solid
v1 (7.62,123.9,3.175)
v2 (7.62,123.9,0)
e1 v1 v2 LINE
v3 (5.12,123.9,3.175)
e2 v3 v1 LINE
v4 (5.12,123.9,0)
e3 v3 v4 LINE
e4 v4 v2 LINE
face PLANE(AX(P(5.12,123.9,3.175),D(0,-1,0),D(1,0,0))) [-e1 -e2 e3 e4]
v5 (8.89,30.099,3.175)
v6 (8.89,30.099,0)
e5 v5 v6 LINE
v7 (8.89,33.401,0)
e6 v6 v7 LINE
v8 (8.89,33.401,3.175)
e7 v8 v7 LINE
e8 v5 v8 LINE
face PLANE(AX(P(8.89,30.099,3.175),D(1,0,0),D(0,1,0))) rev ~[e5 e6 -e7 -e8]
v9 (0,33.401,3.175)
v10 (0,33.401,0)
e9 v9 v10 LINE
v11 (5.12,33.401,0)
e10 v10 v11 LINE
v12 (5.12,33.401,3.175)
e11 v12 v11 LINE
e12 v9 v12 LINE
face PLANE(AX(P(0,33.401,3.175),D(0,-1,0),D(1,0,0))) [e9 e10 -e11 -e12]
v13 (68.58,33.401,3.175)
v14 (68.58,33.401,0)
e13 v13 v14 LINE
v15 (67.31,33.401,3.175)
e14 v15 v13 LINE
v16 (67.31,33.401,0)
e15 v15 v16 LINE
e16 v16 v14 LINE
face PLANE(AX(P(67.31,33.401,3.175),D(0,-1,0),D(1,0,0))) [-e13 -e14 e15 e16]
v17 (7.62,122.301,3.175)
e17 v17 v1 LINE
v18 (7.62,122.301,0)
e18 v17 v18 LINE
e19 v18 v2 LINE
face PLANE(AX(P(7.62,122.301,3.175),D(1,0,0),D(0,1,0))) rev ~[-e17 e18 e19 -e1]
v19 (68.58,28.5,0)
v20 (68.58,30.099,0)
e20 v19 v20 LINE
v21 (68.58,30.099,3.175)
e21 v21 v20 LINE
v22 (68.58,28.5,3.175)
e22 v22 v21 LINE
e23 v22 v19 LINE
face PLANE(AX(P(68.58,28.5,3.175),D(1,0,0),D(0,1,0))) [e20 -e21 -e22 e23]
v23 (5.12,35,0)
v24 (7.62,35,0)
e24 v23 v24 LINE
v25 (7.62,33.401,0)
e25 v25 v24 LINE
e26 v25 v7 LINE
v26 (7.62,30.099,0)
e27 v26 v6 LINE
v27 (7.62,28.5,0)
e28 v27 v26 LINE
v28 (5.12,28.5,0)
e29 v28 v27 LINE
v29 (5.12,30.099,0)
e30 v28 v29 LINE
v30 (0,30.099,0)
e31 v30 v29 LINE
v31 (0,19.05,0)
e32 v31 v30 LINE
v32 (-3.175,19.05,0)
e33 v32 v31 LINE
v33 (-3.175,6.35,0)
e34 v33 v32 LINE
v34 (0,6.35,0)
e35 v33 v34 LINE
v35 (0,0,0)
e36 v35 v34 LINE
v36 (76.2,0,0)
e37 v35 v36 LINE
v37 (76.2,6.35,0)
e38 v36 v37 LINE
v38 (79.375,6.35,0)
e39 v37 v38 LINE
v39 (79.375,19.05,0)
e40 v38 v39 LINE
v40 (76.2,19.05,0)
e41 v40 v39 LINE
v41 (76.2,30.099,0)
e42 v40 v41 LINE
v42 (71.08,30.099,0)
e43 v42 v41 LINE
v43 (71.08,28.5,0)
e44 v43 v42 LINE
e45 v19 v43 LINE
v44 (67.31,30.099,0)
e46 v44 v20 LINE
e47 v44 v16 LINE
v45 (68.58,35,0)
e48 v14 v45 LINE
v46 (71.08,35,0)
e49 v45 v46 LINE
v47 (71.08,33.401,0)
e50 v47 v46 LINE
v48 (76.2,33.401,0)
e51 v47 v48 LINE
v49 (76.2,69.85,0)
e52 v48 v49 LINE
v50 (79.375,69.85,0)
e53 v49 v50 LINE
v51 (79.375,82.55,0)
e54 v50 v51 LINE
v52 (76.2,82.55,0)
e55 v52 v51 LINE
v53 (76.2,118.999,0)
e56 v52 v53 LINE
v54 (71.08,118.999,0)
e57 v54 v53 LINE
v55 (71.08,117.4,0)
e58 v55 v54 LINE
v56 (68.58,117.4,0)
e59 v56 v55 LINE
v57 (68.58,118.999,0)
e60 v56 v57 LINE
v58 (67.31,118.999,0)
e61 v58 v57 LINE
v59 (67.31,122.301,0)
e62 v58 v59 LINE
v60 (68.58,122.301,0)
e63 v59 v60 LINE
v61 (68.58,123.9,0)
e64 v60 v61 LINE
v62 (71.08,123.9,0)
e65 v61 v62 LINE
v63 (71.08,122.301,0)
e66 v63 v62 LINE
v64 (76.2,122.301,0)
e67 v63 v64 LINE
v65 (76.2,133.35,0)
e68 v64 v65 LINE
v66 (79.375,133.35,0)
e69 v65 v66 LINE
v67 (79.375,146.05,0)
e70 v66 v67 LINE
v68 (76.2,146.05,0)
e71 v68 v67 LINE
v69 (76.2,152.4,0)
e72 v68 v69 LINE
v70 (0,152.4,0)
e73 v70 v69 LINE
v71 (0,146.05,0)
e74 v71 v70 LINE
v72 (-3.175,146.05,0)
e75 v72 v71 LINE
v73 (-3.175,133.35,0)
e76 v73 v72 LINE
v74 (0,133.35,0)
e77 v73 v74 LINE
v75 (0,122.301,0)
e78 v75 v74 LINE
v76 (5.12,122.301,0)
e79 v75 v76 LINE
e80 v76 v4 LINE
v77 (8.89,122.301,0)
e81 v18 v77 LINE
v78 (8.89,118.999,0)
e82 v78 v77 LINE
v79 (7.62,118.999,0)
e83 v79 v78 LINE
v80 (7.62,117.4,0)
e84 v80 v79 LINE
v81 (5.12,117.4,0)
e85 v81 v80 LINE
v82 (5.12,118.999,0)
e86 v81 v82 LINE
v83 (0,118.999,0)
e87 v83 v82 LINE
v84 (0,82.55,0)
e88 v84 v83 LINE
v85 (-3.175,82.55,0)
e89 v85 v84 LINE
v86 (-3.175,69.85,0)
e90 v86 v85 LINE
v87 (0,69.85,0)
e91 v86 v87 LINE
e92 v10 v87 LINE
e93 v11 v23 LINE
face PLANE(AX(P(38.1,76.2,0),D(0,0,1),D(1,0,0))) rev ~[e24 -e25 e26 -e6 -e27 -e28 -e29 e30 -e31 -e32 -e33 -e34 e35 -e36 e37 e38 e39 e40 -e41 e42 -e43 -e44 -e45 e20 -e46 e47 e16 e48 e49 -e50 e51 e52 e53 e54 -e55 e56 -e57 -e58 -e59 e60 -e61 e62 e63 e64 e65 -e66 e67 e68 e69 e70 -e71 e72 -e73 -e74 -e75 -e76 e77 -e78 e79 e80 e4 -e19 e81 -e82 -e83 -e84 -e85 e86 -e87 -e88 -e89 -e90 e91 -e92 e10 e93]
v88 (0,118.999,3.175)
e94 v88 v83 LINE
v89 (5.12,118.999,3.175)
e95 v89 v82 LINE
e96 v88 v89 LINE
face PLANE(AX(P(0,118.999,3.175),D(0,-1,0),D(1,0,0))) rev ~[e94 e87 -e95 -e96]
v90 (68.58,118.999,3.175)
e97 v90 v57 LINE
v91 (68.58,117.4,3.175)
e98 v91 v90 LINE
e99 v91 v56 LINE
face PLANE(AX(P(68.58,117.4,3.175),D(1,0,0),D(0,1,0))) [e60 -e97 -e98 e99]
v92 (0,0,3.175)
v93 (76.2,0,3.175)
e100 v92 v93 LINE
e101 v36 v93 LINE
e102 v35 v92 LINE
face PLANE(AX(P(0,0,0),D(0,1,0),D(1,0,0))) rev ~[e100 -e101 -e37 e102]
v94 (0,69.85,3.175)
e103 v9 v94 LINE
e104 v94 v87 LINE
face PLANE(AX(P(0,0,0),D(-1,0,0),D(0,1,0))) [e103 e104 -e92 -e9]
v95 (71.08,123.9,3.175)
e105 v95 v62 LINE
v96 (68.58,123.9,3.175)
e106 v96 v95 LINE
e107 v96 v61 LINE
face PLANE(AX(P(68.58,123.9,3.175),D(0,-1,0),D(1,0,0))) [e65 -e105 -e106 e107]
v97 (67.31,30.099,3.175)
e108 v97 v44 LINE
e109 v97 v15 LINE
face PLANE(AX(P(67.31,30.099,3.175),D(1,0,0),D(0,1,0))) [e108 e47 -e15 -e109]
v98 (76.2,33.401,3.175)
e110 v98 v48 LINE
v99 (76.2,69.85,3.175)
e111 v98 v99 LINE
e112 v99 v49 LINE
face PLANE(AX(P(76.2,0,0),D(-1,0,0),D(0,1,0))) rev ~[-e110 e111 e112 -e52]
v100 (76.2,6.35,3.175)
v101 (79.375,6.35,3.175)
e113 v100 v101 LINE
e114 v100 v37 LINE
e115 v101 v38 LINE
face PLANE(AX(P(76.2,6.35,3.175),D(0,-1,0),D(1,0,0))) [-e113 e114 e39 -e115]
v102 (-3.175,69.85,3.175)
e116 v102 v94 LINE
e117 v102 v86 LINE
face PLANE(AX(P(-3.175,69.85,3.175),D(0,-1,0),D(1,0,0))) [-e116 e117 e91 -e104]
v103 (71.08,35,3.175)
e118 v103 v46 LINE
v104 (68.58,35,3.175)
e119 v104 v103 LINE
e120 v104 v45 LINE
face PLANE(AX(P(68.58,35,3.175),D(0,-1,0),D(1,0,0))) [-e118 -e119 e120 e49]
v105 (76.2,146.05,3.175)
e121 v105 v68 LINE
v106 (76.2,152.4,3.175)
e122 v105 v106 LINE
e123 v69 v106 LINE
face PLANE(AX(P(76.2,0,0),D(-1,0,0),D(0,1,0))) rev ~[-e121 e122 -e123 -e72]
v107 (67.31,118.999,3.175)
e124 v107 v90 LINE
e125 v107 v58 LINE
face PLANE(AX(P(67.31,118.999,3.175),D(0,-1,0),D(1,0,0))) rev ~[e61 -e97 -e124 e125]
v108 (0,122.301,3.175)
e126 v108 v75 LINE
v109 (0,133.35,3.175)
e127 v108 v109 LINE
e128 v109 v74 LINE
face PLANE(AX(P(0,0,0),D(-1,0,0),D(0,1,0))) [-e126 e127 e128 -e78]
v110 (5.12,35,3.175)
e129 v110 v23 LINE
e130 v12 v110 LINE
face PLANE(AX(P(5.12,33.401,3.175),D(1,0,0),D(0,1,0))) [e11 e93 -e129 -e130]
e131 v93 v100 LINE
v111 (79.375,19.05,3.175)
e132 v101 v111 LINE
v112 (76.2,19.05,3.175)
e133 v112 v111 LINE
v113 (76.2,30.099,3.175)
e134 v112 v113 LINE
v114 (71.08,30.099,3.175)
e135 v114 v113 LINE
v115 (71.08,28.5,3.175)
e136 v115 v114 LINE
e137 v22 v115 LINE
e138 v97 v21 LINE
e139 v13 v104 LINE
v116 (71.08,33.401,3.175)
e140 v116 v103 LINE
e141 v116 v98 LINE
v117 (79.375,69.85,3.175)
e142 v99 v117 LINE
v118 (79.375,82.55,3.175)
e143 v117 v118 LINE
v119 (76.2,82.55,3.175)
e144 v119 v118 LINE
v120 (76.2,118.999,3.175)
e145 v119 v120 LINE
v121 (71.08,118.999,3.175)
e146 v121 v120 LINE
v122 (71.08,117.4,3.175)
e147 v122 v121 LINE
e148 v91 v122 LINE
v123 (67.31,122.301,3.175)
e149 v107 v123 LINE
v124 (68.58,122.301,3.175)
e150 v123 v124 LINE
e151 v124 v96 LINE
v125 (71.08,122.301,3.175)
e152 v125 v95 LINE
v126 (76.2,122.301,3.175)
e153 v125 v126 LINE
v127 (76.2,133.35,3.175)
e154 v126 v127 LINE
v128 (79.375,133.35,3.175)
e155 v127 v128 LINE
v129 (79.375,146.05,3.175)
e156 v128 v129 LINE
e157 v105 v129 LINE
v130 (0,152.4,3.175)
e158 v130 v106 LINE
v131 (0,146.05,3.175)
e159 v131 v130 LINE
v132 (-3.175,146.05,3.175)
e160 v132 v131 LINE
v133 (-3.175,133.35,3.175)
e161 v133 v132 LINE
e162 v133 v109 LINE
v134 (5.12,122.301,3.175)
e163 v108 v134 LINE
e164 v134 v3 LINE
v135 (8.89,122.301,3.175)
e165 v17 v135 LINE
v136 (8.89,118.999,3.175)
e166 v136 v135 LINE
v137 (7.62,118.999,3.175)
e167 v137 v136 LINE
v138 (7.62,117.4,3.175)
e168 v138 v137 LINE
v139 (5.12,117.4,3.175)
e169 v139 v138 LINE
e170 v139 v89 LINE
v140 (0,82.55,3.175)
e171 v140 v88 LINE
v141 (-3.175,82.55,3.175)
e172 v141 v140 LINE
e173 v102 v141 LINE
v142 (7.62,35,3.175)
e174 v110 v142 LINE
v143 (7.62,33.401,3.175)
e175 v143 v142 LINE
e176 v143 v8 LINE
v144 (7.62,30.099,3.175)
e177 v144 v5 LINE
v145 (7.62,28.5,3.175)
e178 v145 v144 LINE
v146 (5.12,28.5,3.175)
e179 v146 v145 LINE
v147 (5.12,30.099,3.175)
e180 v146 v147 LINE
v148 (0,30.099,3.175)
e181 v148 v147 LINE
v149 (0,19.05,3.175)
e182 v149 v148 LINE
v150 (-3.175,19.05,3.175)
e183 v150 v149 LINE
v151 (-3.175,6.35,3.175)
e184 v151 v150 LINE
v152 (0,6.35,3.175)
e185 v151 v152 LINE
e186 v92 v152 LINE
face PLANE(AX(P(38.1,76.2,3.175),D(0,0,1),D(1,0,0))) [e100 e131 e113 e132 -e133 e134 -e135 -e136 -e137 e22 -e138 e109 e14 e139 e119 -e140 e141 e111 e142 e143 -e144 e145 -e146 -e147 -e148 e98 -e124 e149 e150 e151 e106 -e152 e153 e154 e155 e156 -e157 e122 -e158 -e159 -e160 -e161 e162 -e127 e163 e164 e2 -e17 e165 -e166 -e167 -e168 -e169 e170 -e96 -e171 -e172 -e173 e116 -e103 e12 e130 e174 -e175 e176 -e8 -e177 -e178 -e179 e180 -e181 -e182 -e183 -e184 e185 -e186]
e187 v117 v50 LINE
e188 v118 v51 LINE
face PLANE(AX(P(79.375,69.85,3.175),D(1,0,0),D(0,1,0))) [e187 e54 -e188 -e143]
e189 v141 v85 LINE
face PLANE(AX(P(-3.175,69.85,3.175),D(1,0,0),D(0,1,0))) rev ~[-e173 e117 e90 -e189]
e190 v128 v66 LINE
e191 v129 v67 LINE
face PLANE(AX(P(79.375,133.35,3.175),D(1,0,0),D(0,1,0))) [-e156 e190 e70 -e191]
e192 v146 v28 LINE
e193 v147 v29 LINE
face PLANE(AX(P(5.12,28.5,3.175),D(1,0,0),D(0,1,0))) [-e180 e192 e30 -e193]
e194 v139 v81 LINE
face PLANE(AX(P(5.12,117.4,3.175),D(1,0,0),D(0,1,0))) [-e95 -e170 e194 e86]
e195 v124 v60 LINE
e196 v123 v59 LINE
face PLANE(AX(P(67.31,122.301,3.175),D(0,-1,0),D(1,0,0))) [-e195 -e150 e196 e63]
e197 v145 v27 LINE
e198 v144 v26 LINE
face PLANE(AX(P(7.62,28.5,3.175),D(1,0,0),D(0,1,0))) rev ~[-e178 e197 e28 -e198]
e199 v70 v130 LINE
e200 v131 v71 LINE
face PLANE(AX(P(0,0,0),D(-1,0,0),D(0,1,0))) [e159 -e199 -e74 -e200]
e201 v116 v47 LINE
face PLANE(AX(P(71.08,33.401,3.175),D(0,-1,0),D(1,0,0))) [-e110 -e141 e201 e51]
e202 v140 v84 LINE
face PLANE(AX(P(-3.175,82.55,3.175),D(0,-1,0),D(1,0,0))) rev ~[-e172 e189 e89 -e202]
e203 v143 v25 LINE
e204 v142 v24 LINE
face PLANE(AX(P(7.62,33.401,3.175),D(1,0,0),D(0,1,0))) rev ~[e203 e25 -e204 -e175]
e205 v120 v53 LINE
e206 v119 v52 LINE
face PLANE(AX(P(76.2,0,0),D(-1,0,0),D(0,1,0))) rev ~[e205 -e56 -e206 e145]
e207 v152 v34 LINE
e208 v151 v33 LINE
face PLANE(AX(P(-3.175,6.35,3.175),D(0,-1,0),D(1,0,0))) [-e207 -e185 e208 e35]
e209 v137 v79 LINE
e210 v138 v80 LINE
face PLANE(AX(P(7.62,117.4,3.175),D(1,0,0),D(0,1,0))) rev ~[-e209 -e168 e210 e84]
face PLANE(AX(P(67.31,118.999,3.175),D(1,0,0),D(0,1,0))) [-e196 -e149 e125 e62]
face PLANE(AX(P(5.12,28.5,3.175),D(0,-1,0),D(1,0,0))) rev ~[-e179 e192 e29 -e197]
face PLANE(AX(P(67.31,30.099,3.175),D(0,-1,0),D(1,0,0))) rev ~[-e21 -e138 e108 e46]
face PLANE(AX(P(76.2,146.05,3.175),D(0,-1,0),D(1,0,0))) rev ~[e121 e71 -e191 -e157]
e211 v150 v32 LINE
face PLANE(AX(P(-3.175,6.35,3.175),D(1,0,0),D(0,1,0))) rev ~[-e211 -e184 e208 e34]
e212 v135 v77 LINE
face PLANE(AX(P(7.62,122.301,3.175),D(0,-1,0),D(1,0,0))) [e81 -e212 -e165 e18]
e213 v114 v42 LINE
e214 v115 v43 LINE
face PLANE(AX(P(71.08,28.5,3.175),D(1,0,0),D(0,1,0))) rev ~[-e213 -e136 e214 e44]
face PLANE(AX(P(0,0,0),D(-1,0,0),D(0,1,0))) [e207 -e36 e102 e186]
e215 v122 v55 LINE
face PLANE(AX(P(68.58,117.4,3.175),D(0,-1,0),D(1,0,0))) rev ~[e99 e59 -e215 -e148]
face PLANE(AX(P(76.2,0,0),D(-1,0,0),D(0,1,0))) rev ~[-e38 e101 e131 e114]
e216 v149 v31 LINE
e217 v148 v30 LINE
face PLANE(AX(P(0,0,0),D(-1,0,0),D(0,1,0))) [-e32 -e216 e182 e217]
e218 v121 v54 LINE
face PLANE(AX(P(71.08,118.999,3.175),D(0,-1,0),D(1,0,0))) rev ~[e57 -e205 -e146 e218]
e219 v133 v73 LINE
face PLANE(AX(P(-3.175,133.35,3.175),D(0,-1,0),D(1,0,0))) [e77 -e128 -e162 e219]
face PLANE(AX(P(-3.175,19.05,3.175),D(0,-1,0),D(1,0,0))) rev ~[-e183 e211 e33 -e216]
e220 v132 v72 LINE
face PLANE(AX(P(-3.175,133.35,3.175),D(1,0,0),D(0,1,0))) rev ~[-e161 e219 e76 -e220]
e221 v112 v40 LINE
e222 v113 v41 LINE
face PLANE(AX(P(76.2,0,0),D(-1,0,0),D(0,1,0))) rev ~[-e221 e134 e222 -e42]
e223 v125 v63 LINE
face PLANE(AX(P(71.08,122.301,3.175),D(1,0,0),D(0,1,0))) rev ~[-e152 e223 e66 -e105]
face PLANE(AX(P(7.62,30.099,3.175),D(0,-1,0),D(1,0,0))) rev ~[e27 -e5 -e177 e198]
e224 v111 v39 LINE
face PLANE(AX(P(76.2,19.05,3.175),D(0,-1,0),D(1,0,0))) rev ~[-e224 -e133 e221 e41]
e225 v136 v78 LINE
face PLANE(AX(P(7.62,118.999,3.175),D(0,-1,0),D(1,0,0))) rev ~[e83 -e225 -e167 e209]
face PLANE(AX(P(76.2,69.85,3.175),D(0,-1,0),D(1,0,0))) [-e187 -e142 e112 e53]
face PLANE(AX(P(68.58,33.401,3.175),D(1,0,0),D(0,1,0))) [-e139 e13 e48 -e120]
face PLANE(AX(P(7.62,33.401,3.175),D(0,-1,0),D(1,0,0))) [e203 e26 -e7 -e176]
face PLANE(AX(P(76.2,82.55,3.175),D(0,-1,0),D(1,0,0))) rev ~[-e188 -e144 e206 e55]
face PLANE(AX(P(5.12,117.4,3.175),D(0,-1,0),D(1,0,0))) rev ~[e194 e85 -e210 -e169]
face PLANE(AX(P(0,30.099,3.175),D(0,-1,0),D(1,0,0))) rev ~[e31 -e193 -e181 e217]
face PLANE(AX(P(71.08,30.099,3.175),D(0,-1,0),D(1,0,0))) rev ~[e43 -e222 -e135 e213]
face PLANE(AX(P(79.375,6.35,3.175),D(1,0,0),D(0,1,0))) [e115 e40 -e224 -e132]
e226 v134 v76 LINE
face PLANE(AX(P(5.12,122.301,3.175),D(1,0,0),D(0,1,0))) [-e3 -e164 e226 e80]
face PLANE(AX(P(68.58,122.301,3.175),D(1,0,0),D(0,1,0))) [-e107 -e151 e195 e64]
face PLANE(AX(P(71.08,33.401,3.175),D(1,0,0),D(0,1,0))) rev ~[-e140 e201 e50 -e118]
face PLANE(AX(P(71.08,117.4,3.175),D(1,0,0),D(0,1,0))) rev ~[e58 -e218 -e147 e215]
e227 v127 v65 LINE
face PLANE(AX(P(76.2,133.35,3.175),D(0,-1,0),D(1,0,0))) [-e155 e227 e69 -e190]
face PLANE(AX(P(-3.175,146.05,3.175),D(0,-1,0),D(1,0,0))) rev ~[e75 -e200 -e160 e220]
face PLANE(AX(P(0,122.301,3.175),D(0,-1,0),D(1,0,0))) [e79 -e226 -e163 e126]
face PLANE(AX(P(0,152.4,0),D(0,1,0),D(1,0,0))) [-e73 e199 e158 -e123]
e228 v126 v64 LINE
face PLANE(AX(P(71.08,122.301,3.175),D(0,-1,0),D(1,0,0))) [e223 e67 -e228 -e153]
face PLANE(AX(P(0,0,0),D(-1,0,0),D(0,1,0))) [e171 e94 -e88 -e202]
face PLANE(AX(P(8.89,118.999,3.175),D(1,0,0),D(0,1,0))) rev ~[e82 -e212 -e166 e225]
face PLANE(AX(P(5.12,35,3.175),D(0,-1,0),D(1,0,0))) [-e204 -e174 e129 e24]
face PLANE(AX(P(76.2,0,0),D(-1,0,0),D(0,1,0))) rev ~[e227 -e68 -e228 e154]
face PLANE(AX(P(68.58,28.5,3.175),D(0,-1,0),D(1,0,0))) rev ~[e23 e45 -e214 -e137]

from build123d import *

# Parameters (mm, degrees)
SKETCH1_W           = 76.2
SKETCH1_H           = 152.4
BOSS_EXTRUDE1_DEPTH = 3.175
SKETCH2_W           = 3.175
SKETCH2_H           = 12.7
BOSS_EXTRUDE3_DEPTH = 3.175
SKETCH4_W           = 8.89
SKETCH4_H           = 3.302
SKETCH4_W_2         = 2.5
SKETCH4_H_2         = 6.5
CUT_EXTRUDE4_DEPTH  = 3.175


with BuildPart() as part:
    # Sketch1 → Boss-Extrude1 (new body)
    with BuildSketch(Plane.XY):
        with Locations((38.1, 76.2)):
            Rectangle(SKETCH1_W, SKETCH1_H)
    extrude(amount=BOSS_EXTRUDE1_DEPTH)

    # Sketch2 → Boss-Extrude3 (add)
    with BuildSketch(Plane.XY.offset(3.175)):
        with Locations((-1.5875, 76.2)):
            Rectangle(SKETCH2_W, SKETCH2_H)
        with Locations((77.7875, 139.7)):
            Rectangle(SKETCH2_W, SKETCH2_H)
        with Locations((77.7875, 76.2)):
            Rectangle(SKETCH2_W, SKETCH2_H)
        with Locations((77.7875, 12.7)):
            Rectangle(SKETCH2_W, SKETCH2_H)
        with Locations((-1.5875, 12.7)):
            Rectangle(SKETCH2_W, SKETCH2_H)
        with Locations((-1.5875, 139.7)):
            Rectangle(SKETCH2_W, SKETCH2_H)
    extrude(amount=-BOSS_EXTRUDE3_DEPTH)

    # Sketch4 → Cut-Extrude4 (cut)
    with BuildSketch(Plane.XY.offset(3.175)):
        with Locations((4.445, 120.65)):
            Rectangle(SKETCH4_W, SKETCH4_H)
        with Locations((6.37, 120.65)):
            Rectangle(SKETCH4_W_2, SKETCH4_H_2)
        with Locations((6.37, 31.75)):
            Rectangle(SKETCH4_W_2, SKETCH4_H_2)
        with Locations((4.445, 31.75)):
            Rectangle(SKETCH4_W, SKETCH4_H)
        with Locations((71.755, 31.75)):
            Rectangle(SKETCH4_W, SKETCH4_H)
        with Locations((69.83, 31.75)):
            Rectangle(SKETCH4_W_2, SKETCH4_H_2)
        with Locations((69.83, 120.65)):
            Rectangle(SKETCH4_W_2, SKETCH4_H_2)
        with Locations((71.755, 120.65)):
            Rectangle(SKETCH4_W, SKETCH4_H)
    extrude(amount=-CUT_EXTRUDE4_DEPTH, mode=Mode.SUBTRACT)


solid = part.part
